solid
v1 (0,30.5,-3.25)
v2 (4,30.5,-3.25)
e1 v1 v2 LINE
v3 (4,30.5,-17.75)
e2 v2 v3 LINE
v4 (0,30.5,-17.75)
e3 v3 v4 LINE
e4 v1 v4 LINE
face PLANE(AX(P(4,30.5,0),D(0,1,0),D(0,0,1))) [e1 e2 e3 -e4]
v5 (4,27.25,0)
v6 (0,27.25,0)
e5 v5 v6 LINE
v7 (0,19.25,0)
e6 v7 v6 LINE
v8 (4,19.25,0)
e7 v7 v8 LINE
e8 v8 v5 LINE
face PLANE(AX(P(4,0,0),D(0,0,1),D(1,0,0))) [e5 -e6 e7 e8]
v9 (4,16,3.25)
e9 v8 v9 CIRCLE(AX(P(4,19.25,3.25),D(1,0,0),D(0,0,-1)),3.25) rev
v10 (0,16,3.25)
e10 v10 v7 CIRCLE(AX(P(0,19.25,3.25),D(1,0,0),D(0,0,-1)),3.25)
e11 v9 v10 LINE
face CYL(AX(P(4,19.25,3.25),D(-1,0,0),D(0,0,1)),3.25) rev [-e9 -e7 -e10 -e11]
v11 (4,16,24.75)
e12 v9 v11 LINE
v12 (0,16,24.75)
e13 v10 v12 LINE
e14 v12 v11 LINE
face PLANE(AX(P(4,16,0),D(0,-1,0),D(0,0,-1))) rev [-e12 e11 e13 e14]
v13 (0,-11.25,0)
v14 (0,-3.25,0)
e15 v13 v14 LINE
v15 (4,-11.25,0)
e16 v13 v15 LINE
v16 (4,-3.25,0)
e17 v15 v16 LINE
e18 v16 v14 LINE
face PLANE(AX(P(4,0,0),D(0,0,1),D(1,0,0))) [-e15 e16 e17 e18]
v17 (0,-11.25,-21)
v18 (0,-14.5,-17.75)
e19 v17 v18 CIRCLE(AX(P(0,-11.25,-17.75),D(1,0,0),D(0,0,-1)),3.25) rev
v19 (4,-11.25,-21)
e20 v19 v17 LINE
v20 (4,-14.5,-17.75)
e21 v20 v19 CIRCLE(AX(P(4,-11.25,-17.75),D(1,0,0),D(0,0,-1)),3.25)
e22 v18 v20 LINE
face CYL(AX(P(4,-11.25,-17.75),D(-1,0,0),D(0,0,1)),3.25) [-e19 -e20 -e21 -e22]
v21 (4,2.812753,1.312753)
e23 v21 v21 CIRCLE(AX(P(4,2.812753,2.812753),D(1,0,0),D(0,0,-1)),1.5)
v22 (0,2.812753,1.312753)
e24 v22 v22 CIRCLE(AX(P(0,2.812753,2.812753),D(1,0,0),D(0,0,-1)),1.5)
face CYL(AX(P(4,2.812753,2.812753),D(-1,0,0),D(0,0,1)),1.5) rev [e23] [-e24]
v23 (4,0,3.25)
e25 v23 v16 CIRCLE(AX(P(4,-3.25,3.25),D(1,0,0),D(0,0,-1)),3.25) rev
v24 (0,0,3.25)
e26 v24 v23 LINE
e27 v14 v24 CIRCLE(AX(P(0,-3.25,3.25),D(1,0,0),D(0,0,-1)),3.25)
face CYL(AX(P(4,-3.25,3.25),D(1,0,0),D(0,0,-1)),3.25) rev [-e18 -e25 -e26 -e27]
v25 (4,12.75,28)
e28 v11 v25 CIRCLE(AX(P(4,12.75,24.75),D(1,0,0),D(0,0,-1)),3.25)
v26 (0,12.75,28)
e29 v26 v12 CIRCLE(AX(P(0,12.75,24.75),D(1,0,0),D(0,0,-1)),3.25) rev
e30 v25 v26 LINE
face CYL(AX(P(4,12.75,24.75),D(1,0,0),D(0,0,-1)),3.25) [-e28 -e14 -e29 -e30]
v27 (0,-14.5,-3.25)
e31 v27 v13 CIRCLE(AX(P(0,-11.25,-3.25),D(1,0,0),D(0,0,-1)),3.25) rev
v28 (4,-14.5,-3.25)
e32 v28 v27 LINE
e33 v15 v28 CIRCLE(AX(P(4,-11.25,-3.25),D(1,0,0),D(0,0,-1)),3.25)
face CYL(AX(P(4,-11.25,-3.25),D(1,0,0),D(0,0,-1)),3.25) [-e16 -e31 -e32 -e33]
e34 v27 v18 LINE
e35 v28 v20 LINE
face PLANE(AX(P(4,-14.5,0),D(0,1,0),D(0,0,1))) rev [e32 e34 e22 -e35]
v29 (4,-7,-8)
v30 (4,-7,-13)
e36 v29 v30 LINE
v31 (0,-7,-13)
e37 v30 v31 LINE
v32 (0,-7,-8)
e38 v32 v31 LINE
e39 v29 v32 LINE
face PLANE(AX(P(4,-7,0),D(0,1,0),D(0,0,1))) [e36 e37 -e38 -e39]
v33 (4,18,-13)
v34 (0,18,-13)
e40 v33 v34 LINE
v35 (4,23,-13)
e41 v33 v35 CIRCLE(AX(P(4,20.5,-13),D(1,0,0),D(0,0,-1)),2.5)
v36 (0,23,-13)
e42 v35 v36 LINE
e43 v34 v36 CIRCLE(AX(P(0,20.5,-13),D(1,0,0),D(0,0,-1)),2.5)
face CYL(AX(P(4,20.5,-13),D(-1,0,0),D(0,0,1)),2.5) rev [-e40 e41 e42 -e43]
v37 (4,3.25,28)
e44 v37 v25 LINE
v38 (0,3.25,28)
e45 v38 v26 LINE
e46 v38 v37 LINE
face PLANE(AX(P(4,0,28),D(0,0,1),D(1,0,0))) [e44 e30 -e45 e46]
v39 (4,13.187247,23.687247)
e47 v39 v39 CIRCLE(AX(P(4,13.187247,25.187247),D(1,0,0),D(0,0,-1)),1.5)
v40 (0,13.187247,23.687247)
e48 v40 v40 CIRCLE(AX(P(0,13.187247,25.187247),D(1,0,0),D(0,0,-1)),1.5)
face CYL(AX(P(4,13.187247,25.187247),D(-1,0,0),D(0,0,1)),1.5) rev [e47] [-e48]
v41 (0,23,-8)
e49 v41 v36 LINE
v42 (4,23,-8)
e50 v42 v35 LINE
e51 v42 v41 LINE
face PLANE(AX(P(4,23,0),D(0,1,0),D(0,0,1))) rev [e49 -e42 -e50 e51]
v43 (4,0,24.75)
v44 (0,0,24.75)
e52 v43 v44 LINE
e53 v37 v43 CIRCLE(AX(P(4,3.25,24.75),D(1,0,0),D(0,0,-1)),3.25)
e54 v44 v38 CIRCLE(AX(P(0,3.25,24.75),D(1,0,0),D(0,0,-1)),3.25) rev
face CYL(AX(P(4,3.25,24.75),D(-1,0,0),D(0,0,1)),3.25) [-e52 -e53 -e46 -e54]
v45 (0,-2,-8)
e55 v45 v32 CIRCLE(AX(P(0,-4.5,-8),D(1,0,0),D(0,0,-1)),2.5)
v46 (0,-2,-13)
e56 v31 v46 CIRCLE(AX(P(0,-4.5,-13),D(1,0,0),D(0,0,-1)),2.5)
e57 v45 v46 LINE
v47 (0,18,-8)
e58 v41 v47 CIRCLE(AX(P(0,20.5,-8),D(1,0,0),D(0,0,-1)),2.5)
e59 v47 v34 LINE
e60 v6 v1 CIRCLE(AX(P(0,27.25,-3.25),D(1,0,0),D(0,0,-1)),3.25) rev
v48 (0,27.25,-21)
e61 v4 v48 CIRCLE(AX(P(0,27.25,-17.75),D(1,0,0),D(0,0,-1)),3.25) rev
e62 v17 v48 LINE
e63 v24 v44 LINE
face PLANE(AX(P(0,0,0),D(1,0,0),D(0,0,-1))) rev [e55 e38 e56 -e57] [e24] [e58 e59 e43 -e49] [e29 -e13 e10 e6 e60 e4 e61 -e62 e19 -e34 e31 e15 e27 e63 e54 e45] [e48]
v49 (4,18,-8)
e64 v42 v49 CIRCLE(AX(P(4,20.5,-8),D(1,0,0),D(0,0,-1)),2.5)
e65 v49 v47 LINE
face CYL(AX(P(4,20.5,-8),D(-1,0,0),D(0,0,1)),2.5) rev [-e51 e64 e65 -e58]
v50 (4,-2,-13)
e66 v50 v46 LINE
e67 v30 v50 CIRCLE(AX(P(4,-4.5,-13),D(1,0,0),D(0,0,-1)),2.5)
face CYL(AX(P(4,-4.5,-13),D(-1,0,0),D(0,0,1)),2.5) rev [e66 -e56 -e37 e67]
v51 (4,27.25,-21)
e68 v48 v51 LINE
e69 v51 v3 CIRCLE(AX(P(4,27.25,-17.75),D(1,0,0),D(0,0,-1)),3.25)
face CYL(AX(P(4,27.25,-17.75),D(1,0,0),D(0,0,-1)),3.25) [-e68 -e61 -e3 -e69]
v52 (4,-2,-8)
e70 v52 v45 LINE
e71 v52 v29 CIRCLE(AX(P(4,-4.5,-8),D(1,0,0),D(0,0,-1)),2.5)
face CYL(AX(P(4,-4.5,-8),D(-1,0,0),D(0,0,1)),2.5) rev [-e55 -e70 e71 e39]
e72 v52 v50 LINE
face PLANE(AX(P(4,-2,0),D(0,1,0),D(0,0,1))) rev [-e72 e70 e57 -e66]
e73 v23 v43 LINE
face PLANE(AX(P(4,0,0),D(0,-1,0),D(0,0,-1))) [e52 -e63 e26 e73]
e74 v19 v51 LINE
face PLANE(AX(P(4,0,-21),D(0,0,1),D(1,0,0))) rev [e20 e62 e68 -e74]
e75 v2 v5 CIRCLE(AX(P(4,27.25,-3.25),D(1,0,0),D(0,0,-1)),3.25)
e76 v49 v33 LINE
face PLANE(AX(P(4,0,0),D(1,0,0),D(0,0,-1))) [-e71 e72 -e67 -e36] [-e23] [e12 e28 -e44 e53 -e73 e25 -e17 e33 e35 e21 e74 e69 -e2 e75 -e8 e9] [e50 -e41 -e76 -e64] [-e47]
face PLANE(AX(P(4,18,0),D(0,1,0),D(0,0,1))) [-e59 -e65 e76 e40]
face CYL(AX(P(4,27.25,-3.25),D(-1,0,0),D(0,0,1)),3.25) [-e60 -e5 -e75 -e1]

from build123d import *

# Parameters (mm, degrees)
SKETCH1_W           = 16
SKETCH1_H           = 28
SKETCH1_R           = 1.5
SKETCH1_W_2         = 45
SKETCH1_H_2         = 21
BOSS_EXTRUDE1_DEPTH = 4
FILLET1_R           = 3.25


with BuildPart() as part:
    # Sketch1 → Boss-Extrude1 (new body)
    # profile 1 of 2: a face of its own
    with BuildSketch(Plane.YZ):
        with Locations((8, 14)):
            Rectangle(SKETCH1_W, SKETCH1_H)
        with Locations(Location((13.187246979, 25.187246979, 0), (0, 0, 270))):
            Circle(SKETCH1_R, mode=Mode.SUBTRACT)
        with Locations(Location((2.812753021, 2.812753021, 0), (0, 0, 270))):
            Circle(SKETCH1_R, mode=Mode.SUBTRACT)
    # profile 2 of 2: a face of its own
    with BuildSketch(Plane.YZ):
        with Locations((8, -10.5)):
            Rectangle(SKETCH1_W_2, SKETCH1_H_2)
        with BuildLine():
            Line((-2, -8), (-2, -13))
            ThreePointArc((-2, -13), (-4.5, -15.5), (-7, -13))
            Line((-7, -13), (-7, -8))
            ThreePointArc((-7, -8), (-4.5, -5.5), (-2, -8))
        make_face(mode=Mode.SUBTRACT)
        with BuildLine():
            Line((23, -8), (23, -13))
            ThreePointArc((23, -13), (20.5, -15.5), (18, -13))
            Line((18, -13), (18, -8))
            ThreePointArc((18, -8), (20.5, -5.5), (23, -8))
        make_face(mode=Mode.SUBTRACT)
    extrude(amount=BOSS_EXTRUDE1_DEPTH)

    # Fillet1
    fillet1_edges = [part.edges().sort_by_distance(p)[0] for p in [
        (2, 0, 28),
        (2, 16, 28),
        (2, 16, 0),
        (2, 30.5, 0),
        (2, 30.5, -21),
        (2, -14.5, -21),
        (2, -14.5, 0),
        (2, 0, 0),
    ]]
    fillet(fillet1_edges, radius=FILLET1_R)


solid = part.part
